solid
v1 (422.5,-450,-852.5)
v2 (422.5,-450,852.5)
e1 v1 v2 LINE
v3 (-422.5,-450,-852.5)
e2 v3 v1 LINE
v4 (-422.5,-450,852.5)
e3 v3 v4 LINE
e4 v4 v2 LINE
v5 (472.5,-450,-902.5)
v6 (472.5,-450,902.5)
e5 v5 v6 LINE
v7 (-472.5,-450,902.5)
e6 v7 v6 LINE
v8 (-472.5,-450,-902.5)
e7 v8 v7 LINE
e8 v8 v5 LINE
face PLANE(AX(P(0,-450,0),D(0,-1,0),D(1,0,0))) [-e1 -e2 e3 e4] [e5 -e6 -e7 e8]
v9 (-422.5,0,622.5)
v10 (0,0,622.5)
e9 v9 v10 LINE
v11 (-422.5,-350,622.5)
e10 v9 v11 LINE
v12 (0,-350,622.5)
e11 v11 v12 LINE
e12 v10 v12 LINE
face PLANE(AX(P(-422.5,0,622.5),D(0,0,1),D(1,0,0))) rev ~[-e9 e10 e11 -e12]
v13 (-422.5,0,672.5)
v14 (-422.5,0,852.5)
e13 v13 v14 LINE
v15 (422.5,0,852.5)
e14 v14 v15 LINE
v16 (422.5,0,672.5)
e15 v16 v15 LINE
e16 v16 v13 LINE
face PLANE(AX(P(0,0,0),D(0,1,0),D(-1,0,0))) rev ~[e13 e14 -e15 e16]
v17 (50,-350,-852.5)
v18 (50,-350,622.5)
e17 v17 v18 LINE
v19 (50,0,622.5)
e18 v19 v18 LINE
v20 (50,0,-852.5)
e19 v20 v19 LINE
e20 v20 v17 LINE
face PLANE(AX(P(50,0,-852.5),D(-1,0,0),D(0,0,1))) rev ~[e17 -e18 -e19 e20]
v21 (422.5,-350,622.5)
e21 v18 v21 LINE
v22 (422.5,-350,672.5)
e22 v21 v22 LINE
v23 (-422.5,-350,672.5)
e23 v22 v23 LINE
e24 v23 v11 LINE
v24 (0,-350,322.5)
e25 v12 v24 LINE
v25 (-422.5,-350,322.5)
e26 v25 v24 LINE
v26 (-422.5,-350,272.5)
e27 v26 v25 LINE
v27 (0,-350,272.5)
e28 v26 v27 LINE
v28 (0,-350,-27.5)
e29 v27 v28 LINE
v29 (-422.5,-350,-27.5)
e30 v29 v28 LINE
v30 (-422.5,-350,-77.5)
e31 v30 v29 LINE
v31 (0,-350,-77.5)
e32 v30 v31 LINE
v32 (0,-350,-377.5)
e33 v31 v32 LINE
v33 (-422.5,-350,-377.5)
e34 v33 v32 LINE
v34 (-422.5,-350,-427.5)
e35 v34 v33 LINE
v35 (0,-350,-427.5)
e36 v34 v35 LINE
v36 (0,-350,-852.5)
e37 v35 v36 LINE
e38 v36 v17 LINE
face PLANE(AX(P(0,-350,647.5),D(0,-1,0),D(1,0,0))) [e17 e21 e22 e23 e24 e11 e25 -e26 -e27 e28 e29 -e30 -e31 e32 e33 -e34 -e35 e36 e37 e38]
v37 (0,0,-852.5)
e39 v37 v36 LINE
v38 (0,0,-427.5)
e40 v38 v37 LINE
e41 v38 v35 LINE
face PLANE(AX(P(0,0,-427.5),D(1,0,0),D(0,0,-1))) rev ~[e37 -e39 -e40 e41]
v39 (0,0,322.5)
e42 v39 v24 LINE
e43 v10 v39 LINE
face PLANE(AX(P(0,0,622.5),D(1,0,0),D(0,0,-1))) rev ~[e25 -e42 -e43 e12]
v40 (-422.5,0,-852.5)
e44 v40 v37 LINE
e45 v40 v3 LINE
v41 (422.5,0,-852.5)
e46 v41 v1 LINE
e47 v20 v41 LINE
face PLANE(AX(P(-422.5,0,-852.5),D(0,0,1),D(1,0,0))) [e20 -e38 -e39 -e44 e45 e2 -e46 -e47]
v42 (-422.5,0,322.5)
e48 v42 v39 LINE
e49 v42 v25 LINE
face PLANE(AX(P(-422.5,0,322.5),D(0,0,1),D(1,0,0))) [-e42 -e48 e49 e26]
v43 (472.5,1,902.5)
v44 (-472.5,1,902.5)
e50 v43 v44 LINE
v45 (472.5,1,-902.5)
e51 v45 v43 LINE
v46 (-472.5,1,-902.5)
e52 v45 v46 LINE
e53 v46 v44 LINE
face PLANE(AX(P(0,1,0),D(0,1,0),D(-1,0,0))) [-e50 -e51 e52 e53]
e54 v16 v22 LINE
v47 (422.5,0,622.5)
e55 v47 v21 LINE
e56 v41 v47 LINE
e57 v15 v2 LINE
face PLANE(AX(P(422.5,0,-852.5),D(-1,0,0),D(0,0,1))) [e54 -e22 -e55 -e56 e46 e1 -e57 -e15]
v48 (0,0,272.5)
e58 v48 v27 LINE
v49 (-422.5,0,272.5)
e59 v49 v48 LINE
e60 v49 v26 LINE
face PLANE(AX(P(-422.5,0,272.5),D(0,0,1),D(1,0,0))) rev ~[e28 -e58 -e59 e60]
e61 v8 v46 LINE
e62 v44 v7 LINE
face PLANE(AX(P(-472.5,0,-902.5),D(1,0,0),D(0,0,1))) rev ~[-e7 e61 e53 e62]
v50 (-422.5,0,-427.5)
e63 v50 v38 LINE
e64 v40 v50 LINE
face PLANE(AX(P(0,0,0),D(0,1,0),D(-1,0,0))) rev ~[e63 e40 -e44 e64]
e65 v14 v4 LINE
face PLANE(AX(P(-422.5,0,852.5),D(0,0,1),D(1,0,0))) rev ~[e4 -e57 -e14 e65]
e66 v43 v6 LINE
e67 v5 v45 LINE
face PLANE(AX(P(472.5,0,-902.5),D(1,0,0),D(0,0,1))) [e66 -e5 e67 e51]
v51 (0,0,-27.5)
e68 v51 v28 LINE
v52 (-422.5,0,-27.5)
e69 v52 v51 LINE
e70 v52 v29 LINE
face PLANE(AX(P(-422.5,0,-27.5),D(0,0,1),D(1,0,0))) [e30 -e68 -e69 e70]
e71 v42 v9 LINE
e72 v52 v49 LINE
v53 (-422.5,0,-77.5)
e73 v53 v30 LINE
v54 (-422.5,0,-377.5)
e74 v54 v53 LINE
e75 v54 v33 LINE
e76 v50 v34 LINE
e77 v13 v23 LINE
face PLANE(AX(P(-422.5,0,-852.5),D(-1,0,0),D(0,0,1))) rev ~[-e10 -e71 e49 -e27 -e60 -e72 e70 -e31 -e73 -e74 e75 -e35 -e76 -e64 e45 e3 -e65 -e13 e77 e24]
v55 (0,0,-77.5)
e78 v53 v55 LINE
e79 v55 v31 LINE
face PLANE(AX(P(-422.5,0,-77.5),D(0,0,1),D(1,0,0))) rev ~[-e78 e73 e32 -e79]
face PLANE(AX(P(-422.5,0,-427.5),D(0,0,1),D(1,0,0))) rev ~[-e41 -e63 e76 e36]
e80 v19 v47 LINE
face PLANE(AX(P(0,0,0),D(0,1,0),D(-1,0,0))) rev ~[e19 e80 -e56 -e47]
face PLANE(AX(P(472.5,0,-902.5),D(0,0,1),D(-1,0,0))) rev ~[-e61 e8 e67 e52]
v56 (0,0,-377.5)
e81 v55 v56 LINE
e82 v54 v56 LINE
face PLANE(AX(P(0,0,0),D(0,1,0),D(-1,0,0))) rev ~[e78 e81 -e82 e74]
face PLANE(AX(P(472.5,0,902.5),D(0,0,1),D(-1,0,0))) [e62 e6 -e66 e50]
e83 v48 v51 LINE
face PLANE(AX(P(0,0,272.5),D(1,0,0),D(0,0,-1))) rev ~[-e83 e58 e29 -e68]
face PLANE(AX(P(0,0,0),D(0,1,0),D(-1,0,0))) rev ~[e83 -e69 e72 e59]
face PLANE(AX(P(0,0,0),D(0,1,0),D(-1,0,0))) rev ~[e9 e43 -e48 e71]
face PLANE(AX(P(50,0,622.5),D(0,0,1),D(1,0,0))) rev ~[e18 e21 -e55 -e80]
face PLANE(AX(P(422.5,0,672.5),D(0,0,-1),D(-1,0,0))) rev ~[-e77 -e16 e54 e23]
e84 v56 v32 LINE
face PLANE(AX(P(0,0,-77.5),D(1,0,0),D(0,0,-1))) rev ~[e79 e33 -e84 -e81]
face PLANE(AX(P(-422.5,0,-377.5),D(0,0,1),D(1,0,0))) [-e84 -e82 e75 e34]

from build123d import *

# Parameters (mm, degrees)
F0_W     = 945
F0_H     = 1805
F0_W_2   = 845
F0_H_2   = 1705
F1_DEPTH = 450
F2_W     = 945
F2_H     = 1805
F3_DEPTH = 1
F4_W     = 422.5
F4_H     = 50
F5_DEPTH = 350


with BuildPart() as f1:
    # F0 (on Front) → F1 (new body)
    with BuildSketch(Plane.XZ):
        Rectangle(F0_W, F0_H)
        Rectangle(F0_W_2, F0_H_2, mode=Mode.SUBTRACT)
    extrude(amount=F1_DEPTH)

    # F2 (on face) → F3 (join)
    with BuildSketch(Plane(origin=(0, 0, 0), x_dir=(-1, 0, 0), z_dir=(0, 1, 0))):
        Rectangle(F2_W, F2_H)
    extrude(amount=F3_DEPTH)

    # F4 (on face) → F5 (join)
    with BuildSketch(Plane.XZ):
        Polygon((422.5, 672.5), (-422.5, 672.5), (-422.5, 622.5), (0, 622.5), (50, 622.5), (422.5, 622.5), align=None)
        Polygon((50, 622.5), (0, 622.5), (0, 322.5), (0, 272.5), (0, -27.5), (0, -77.5), (0, -377.5), (0, -427.5), (0, -852.5), (50, -852.5), align=None)
        with Locations((-211.25, 297.5)):
            Rectangle(F4_W, F4_H)
        with Locations((-211.25, -52.5)):
            Rectangle(F4_W, F4_H)
        with Locations((-211.25, -402.5)):
            Rectangle(F4_W, F4_H)
    extrude(amount=F5_DEPTH)


solid = f1.part
